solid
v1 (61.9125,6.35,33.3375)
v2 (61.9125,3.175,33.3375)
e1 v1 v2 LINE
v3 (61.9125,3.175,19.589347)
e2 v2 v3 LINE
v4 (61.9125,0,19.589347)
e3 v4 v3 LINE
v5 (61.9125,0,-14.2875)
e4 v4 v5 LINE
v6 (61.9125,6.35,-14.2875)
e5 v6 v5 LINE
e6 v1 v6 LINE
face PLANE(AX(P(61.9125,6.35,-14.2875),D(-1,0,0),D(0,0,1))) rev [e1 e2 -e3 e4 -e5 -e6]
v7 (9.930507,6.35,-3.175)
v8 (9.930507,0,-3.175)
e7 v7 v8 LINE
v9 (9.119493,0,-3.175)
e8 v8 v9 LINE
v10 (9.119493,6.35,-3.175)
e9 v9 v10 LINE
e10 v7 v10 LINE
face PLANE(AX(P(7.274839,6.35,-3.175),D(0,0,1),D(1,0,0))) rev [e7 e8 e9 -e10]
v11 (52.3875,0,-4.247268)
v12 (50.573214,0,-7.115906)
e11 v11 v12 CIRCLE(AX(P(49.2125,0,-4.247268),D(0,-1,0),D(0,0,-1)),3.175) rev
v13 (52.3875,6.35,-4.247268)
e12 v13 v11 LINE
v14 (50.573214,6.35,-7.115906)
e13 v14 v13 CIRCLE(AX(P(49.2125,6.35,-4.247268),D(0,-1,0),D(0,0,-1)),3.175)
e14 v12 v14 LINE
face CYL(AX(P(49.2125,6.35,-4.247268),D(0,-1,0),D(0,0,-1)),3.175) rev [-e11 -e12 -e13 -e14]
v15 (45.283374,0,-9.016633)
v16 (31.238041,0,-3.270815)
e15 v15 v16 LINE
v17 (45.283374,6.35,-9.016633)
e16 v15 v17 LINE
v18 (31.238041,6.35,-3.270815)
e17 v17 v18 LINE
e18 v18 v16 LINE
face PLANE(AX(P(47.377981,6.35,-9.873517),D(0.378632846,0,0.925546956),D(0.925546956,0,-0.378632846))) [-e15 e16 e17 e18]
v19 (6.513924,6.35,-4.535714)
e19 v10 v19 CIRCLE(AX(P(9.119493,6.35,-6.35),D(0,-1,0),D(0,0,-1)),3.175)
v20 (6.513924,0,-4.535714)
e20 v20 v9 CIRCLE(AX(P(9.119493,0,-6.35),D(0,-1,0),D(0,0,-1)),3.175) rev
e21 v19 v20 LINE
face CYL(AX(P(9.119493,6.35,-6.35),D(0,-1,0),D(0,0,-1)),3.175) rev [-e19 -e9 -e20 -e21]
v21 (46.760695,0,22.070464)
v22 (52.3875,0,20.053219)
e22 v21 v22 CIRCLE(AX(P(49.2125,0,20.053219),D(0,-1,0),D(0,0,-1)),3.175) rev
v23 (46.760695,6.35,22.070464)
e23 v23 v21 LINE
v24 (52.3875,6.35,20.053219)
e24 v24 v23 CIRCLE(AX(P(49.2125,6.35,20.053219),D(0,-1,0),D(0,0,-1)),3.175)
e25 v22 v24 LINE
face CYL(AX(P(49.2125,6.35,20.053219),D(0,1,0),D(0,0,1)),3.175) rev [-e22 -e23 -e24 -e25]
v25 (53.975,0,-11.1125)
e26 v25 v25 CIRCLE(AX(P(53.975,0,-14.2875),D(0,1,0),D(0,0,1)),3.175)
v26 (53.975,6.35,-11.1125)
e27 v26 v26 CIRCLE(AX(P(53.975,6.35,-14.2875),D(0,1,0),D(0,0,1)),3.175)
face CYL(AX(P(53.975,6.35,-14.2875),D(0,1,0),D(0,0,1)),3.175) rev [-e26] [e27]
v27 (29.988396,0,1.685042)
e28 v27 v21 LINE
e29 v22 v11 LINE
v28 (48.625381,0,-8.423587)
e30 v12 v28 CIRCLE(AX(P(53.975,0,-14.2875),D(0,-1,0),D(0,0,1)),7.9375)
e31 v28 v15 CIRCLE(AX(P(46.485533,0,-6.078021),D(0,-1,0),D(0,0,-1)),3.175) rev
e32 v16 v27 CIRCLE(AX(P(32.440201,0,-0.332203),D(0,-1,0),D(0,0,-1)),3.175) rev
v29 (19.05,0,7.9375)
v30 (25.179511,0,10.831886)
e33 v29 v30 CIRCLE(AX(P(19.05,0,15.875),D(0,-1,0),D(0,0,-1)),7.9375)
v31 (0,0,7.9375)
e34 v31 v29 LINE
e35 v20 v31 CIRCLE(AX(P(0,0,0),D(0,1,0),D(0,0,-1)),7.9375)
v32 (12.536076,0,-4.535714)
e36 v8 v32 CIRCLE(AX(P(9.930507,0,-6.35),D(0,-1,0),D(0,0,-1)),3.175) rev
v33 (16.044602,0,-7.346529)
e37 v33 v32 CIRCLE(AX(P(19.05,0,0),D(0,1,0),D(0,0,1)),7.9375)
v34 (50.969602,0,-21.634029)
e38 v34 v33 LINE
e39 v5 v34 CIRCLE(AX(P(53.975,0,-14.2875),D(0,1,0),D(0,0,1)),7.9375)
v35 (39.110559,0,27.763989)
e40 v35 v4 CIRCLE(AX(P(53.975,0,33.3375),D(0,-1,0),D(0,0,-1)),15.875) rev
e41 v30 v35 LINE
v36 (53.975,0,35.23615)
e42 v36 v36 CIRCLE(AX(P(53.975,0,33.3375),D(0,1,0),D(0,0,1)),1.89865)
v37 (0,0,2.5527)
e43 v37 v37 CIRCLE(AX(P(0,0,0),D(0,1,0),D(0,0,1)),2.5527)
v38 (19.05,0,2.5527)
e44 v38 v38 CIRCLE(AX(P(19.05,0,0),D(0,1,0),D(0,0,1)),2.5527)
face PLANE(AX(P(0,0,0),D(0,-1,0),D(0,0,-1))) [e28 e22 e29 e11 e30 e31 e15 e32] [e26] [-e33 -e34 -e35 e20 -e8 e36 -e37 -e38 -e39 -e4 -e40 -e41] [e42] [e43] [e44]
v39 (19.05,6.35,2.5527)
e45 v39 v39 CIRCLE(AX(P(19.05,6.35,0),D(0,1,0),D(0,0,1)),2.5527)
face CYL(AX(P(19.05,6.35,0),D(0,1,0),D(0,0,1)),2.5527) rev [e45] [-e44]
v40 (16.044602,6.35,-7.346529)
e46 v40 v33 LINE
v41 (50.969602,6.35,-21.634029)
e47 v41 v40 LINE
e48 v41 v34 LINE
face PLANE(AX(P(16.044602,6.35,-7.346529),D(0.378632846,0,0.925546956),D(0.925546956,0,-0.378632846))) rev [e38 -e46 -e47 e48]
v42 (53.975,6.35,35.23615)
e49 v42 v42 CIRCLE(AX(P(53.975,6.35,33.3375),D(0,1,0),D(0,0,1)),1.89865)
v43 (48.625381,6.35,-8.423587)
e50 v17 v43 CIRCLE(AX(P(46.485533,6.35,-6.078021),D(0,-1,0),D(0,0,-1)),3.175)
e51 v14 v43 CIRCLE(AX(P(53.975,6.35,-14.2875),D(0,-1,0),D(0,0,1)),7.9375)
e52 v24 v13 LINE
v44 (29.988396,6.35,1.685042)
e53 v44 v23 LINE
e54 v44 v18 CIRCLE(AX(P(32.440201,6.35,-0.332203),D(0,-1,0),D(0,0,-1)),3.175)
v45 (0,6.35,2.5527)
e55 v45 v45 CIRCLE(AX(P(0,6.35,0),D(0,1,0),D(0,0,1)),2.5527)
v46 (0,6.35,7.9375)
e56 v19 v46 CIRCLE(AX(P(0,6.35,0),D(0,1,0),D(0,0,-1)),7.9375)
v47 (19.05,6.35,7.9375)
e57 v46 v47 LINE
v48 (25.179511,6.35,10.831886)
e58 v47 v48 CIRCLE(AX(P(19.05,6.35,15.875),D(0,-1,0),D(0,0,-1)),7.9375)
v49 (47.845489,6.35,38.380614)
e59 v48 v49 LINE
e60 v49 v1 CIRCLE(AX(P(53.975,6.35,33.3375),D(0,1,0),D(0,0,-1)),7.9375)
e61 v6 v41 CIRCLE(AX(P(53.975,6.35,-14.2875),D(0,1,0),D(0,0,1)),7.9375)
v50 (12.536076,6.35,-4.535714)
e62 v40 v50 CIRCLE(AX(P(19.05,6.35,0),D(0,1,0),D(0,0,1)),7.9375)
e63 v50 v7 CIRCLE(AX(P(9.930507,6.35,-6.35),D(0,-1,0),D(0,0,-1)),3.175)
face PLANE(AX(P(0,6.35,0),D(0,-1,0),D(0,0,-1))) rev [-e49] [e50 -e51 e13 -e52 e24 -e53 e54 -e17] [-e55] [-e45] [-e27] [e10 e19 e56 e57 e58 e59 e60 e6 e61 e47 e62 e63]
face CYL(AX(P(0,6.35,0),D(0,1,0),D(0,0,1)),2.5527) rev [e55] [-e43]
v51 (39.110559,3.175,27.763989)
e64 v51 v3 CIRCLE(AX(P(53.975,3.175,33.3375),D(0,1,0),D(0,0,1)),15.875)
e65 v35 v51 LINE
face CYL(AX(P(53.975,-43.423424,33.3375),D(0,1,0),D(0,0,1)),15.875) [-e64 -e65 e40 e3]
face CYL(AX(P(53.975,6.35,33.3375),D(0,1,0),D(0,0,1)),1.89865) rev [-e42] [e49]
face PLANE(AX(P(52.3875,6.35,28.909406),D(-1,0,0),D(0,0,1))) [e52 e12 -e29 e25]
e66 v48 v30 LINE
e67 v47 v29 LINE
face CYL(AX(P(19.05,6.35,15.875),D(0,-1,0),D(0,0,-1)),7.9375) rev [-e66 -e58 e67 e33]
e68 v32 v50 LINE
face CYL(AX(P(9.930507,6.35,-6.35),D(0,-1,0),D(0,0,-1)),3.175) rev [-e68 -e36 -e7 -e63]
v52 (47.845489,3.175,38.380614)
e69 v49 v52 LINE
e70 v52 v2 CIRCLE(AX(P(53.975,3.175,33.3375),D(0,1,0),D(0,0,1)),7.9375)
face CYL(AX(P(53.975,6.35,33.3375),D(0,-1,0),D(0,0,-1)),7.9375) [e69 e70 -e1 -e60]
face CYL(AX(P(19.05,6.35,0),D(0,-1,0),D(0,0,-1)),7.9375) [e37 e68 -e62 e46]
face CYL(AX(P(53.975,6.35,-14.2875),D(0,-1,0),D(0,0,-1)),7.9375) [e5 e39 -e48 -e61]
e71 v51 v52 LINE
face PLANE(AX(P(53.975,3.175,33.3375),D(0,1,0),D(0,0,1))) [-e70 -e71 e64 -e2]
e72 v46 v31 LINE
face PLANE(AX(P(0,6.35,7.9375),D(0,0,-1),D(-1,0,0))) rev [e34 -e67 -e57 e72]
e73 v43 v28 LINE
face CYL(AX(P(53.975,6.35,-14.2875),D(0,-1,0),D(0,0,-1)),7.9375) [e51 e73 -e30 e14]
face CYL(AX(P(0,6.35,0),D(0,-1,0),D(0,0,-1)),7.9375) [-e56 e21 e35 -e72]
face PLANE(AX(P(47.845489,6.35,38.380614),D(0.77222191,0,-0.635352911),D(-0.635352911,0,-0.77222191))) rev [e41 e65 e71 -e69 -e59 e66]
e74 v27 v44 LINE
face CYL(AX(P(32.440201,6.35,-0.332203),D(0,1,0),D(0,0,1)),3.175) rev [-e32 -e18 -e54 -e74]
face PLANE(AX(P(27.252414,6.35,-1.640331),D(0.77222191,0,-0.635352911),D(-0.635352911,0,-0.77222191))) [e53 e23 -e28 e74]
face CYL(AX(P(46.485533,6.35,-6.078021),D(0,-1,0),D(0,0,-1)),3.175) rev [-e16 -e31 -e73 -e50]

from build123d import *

# Parameters (mm, degrees)
BOSS_EXTRUDE1_DEPTH         = 6.35
FILLET3_R                   = 3.175
F_10_CLEARANCE_HOLE1_D      = 5.1054
F_1_4_0_25_DIAMETER_HOLE1_D = 6.35
FILLET2_R                   = 3.175
F_10_24_TAPPED_HOLE1_D      = 3.7973
BOSS_EXTRUDE2_START         = -3.175
BOSS_EXTRUDE2_DEPTH         = 3.175
CUT_EXTRUDE1_DEPTH          = 7.35


with BuildPart() as part:
    # Sketch1 → Boss-Extrude1 (new body)
    with BuildSketch(Plane(origin=(0, 0, 0), x_dir=(1, 0, 0), z_dir=(0, 1, 0))):
        with BuildLine():
            Line((0, -7.9375), (19.05, -7.9375))
            ThreePointArc((19.05, -7.9375), (22.439261793, -8.697478788), (25.179511411, -10.831886268))
            Line((25.179511411, -10.831886268), (47.845488589, -38.380613732))
            ThreePointArc((47.845488589, -38.380613732), (56.653703924, -40.809343918), (61.9125, -33.3375))
            Line((61.9125, -33.3375), (61.9125, 14.2875))
            ThreePointArc((61.9125, 14.2875), (58.399282876, 20.877615878), (50.969601787, 21.634028965))
            Line((50.969601787, 21.634028965), (16.044601787, 7.346528965))
            ThreePointArc((16.044601787, 7.346528965), (13.502817622, 5.677382664), (11.775161084, 3.175))
            Line((11.775161084, 3.175), (7.274838916, 3.175))
            ThreePointArc((7.274838916, 3.175), (6.75922379, 4.161345937), (6.110713691, 5.065874499))
            Line((6.110713691, 5.065874499), (-18.894457111, 35.228374499))
            ThreePointArc((-18.894457111, 35.228374499), (-23.603599947, 37.97527834), (-28.973920802, 37.036576643))
            Line((-28.973920802, 37.036576643), (-67.46875, 14.811576643))
            ThreePointArc((-67.46875, 14.811576643), (-71.279874161, 6.363503718), (-64.484525706, 0.061294354))
            Line((-64.484525706, 0.061294354), (-0.984525706, -7.876205646))
            ThreePointArc((-0.984525706, -7.876205646), (-0.493215942, -7.922161592), (0, -7.9375))
        make_face()
        with BuildLine():
            Line((27.252413672, 1.640330855), (52.3875, -28.909406206))
            Line((52.3875, -28.909406206), (52.3875, 6.510370067))
            ThreePointArc((52.3875, 6.510370067), (49.550717124, 7.697384122), (47.377980705, 9.873517369))
            Line((47.377980705, 9.873517369), (27.252413672, 1.640330855))
        make_face(mode=Mode.SUBTRACT)
        with BuildLine():
            Line((-49.23043706, 7.753658904), (-11.734122555, 3.066619591))
            ThreePointArc((-11.734122555, 3.066619591), (-8.556248755, 4.690794106), (-8.896026797, 8.243451649))
            Line((-8.896026797, 8.243451649), (-21.263790491, 23.162072897))
            ThreePointArc((-21.263790491, 23.162072897), (-26.406741657, 22.34972166), (-30.946612893, 24.899119705))
            Line((-30.946612893, 24.899119705), (-50.424126778, 13.65377182))
            ThreePointArc((-50.424126778, 13.65377182), (-51.948576442, 10.27454265), (-49.23043706, 7.753658904))
        make_face(mode=Mode.SUBTRACT)
    extrude(amount=BOSS_EXTRUDE1_DEPTH)

    # Fillet3
    fillet3_edges = [part.edges().sort_by_distance(p)[0] for p in [
        (47.377980705, 3.175, -9.873517369),
        (27.252413672, 3.175, -1.640330855),
        (52.3875, 3.175, 28.909406206),
        (52.3875, 3.175, -6.510370067),
        (-21.263790491, 3.175, -23.162072897),
        (-30.946612893, 3.175, -24.899119705),
    ]]
    fillet(fillet3_edges, radius=FILLET3_R)

    # #10 Clearance Hole1 (through all)
    with Locations(Plane(origin=(0, 6.35, 0), x_dir=(1, 0, 0), z_dir=(0, 1, 0))):
        with Locations((0, 0), (19.05, 0)):
            Hole(F_10_CLEARANCE_HOLE1_D / 2)

    # 1/4 (0.25) Diameter Hole1 (through all)
    with Locations(Plane(origin=(0, 6.35, 0), x_dir=(1, 0, 0), z_dir=(0, 1, 0))):
        with Locations((53.975, 14.2875), (-63.5, 7.9375)):
            Hole(F_1_4_0_25_DIAMETER_HOLE1_D / 2)

    # Fillet2
    fillet2_edges = [part.edges().sort_by_distance(p)[0] for p in [
        (7.274838916, 3.175, -3.175),
        (11.775161084, 3.175, -3.175),
    ]]
    fillet(fillet2_edges, radius=FILLET2_R)

    # #10-24 Tapped Hole1 (through all)
    with Locations(Plane(origin=(0, 6.35, 0), x_dir=(1, 0, 0), z_dir=(0, 1, 0))):
        with Locations((53.975, -33.3375), (-25.005170802, 30.1625)):
            Hole(F_10_24_TAPPED_HOLE1_D / 2)

    # Sketch8 → Boss-Extrude2 (add)
    with BuildSketch(Plane(origin=(0, 6.35, 0), x_dir=(1, 0, 0), z_dir=(0, 1, 0)).offset(BOSS_EXTRUDE2_START)):
        with BuildLine():
            Line((39.110559377, -27.763988542), (47.845488589, -38.380613732))
            ThreePointArc((47.845488589, -38.380613732), (56.653703924, -40.809343918), (61.9125, -33.3375))
            Line((61.9125, -33.3375), (61.9125, -19.589346715))
            ThreePointArc((61.9125, -19.589346715), (59.332407848, -48.281187836), (39.110559377, -27.763988542))
        make_face()
        with BuildLine():
            Line((-28.973920802, 37.036576643), (-40.880170802, 30.1625))
            ThreePointArc((-40.880170802, 30.1625), (-22.202029092, 45.78805668), (-10.120105094, 24.644307915))
            Line((-10.120105094, 24.644307915), (-18.894457111, 35.228374499))
            ThreePointArc((-18.894457111, 35.228374499), (-23.603599947, 37.97527834), (-28.973920802, 37.036576643))
        make_face()
    extrude(amount=-BOSS_EXTRUDE2_DEPTH)

    # Sketch9 → Cut-Extrude1 (cut, through all)
    with BuildSketch(Plane(origin=(0, 6.35, 0), x_dir=(1, 0, 0), z_dir=(0, 1, 0))):
        with BuildLine():
            Line((6.110713691, 5.065874499), (-10.120105094, 24.644307915))
            ThreePointArc((-10.120105094, 24.644307915), (-22.202029092, 45.78805668), (-40.880170802, 30.1625))
            Line((-40.880170802, 30.1625), (-67.46875, 14.811576643))
            ThreePointArc((-67.46875, 14.811576643), (-71.279874161, 6.363503718), (-64.484525706, 0.061294354))
            Line((-64.484525706, 0.061294354), (-0.984525706, -7.876205646))
            ThreePointArc((-0.984525706, -7.876205646), (-6.960158794, 3.815769361), (6.110713691, 5.065874499))
        make_face()
    extrude(amount=-CUT_EXTRUDE1_DEPTH, mode=Mode.SUBTRACT)


solid = part.part
